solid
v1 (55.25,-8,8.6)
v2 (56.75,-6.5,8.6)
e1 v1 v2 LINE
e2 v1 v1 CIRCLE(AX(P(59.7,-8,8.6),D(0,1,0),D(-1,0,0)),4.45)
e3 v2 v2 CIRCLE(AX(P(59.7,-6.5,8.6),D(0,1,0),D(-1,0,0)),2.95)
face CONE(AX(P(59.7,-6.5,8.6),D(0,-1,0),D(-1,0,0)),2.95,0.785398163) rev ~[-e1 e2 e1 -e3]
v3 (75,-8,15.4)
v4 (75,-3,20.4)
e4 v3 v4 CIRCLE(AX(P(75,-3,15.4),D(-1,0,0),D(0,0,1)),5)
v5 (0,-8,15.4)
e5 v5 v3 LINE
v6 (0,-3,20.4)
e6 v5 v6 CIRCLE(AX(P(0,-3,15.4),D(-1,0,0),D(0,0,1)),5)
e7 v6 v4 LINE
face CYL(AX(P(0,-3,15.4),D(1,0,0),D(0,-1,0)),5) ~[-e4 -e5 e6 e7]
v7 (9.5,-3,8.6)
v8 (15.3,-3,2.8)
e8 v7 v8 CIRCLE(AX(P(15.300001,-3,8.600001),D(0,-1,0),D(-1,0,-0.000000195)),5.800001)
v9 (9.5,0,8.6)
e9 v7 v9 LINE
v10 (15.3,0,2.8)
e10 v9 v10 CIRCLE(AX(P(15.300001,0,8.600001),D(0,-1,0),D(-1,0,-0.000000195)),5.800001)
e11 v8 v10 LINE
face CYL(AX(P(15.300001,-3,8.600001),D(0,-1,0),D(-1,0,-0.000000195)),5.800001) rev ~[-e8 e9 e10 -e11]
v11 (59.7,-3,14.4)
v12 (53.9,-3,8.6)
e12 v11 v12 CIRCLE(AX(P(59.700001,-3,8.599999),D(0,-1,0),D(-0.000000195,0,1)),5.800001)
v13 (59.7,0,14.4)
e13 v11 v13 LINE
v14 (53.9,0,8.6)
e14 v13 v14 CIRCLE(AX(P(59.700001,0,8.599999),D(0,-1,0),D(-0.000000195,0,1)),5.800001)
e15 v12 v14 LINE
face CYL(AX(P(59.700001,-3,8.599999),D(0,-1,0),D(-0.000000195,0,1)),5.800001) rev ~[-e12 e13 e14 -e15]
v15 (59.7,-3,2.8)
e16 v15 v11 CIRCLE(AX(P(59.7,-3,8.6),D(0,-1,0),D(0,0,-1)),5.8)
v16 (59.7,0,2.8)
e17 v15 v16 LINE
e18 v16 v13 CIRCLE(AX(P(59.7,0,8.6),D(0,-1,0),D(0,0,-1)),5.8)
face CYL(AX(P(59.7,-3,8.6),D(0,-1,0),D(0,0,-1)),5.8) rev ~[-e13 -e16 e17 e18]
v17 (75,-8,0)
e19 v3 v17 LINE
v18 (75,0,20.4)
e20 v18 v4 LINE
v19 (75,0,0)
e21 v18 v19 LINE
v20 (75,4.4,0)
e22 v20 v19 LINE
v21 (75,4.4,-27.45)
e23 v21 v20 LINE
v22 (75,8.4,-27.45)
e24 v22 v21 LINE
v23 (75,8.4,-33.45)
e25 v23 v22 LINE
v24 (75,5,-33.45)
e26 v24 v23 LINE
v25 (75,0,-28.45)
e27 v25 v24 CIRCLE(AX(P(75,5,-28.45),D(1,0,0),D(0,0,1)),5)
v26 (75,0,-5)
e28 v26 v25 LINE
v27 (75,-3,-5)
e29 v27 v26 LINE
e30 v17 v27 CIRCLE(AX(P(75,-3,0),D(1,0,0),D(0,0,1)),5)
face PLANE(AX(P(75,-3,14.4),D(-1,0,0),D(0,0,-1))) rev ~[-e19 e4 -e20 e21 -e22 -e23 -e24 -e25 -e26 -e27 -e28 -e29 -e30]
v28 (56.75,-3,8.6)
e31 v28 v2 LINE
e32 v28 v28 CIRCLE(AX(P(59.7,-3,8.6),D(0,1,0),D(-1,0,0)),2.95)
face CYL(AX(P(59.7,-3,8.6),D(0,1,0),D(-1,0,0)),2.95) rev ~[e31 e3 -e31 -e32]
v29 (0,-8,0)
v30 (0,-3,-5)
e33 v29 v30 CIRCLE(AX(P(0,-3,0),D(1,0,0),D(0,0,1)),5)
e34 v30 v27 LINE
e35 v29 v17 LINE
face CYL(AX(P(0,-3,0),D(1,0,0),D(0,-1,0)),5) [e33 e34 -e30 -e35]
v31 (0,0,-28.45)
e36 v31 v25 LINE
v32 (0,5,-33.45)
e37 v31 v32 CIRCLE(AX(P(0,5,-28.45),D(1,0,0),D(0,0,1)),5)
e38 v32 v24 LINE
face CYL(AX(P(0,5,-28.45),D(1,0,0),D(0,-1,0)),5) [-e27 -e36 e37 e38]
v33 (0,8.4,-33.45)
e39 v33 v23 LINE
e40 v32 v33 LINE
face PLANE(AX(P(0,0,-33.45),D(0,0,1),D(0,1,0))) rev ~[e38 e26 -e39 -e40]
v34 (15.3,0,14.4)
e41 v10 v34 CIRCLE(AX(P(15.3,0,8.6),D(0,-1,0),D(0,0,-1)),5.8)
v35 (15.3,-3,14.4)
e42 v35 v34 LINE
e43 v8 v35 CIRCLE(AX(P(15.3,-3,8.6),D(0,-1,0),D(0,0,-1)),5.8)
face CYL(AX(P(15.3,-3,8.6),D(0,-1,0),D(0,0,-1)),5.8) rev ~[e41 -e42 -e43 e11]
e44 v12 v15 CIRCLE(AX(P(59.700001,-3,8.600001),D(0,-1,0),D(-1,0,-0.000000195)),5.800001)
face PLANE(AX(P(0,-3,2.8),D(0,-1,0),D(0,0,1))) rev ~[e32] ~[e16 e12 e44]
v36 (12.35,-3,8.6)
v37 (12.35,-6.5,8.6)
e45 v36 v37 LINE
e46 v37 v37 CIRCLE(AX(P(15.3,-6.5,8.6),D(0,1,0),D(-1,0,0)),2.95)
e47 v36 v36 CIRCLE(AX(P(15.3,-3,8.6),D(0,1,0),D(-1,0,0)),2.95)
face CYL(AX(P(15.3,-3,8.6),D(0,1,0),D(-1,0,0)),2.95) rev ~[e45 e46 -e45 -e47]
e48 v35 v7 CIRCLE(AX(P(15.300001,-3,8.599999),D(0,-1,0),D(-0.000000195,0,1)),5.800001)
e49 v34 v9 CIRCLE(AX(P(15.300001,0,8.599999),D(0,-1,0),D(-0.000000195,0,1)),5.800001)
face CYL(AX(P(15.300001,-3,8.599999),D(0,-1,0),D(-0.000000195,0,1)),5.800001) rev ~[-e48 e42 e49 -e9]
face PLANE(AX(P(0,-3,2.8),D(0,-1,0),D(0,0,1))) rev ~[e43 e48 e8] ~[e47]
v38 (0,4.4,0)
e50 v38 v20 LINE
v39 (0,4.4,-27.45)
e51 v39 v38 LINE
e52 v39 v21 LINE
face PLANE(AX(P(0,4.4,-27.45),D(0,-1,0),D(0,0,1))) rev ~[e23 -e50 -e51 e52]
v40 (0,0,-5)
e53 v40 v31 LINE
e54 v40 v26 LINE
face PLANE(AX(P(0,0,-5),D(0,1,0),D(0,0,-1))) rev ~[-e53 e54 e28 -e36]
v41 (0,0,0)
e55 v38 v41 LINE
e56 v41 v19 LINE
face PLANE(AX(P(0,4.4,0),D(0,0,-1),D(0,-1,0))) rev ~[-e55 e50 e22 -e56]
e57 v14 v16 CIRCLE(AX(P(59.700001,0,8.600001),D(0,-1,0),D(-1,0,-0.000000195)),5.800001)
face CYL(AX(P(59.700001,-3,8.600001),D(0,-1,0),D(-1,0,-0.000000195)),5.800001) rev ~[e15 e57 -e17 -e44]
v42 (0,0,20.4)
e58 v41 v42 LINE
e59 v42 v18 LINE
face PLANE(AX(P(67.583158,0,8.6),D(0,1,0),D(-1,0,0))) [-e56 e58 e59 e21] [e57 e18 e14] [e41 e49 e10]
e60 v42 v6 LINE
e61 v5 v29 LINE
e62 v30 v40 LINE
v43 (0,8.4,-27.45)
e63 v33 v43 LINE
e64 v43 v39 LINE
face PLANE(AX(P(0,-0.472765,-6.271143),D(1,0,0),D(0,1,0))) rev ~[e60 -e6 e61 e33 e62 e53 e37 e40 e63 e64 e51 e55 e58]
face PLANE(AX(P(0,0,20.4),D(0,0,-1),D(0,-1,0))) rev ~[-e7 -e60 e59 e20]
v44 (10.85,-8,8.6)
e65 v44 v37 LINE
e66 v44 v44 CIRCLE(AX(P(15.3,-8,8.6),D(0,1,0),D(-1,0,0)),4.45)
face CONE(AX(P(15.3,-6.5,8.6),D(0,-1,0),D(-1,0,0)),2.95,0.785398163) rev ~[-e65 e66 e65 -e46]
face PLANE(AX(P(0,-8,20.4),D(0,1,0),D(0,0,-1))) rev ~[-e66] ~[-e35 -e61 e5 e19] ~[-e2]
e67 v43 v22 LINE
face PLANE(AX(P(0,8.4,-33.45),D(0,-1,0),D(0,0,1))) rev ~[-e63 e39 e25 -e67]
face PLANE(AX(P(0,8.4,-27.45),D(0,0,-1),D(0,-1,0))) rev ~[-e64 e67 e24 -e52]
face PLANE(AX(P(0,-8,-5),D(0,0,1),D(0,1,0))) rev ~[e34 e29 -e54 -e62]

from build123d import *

# Parameters (mm, degrees)
F1_DEPTH = 75
F2_R     = 2.95
F3_DEPTH = 5
F4_DEPTH = 3
F5_R     = 5
F6_SIZE  = 1.5


with BuildPart() as f1:
    # F0 (on Right) → F1 (new body)
    with BuildSketch(Plane.YZ):
        Polygon((0, 14.4), (0, 20.4), (-8, 20.4), (-8, -5), (0, -5), (0, -33.45), (8.4, -33.45), (8.4, -27.45), (4.4, -27.45), (4.4, 0), (0, 0), (0, 2.8), (-3, 2.8), (-3, 14.4), align=None)
    extrude(amount=F1_DEPTH)

    # F2 (on face) → F3 (cut, through all)
    with BuildSketch(Plane(origin=(0, -3, 0), x_dir=(-1, 0, 0), z_dir=(0, 1, 0))):
        with Locations((-59.7, 8.6)):
            Circle(F2_R)
        with Locations((-15.3, 8.6)):
            Circle(F2_R)
    extrude(amount=-F3_DEPTH, mode=Mode.SUBTRACT)

    # F2 (on face) → F4 (join, through all)
    with BuildSketch(Plane(origin=(0, -3, 0), x_dir=(-1, 0, 0), z_dir=(0, 1, 0))):
        with BuildLine():
            Line((-75, 2.8), (-59.7, 2.8))
            ThreePointArc((-59.7, 2.8), (-65.5, 8.6), (-59.7, 14.4))
            Line((-59.7, 14.4), (-75, 14.4))
            Line((-75, 14.4), (-75, 2.8))
        make_face()
        with BuildLine():
            Line((-15.3, 2.8), (0, 2.8))
            Line((0, 2.8), (0, 14.4))
            Line((0, 14.4), (-15.3, 14.4))
            ThreePointArc((-15.3, 14.4), (-11.198781, 12.701219), (-9.5, 8.6))
            ThreePointArc((-9.5, 8.6), (-11.198781, 4.498781), (-15.3, 2.8))
        make_face()
        with BuildLine():
            Line((-59.7, 2.8), (-15.3, 2.8))
            ThreePointArc((-15.3, 2.8), (-21.1, 8.6), (-15.3, 14.4))
            Line((-15.3, 14.4), (-59.7, 14.4))
            ThreePointArc((-59.7, 14.4), (-55.598781, 12.701219), (-53.9, 8.6))
            ThreePointArc((-53.9, 8.6), (-55.598781, 4.498781), (-59.7, 2.8))
        make_face()
    extrude(amount=F4_DEPTH)

    # F5
    f5_edges = [f1.edges().sort_by_distance(p)[0] for p in [
        (37.5, -8, 20.4),
        (37.5, -8, -5),
        (37.5, 0, -33.45),
    ]]
    fillet(f5_edges, radius=F5_R)

    # F6
    f6_edges = [f1.edges().sort_by_distance(p)[0] for p in [
        (18.25, -8, 8.6),
        (62.65, -8, 8.6),
    ]]
    chamfer(f6_edges, length=F6_SIZE)


solid = f1.part
